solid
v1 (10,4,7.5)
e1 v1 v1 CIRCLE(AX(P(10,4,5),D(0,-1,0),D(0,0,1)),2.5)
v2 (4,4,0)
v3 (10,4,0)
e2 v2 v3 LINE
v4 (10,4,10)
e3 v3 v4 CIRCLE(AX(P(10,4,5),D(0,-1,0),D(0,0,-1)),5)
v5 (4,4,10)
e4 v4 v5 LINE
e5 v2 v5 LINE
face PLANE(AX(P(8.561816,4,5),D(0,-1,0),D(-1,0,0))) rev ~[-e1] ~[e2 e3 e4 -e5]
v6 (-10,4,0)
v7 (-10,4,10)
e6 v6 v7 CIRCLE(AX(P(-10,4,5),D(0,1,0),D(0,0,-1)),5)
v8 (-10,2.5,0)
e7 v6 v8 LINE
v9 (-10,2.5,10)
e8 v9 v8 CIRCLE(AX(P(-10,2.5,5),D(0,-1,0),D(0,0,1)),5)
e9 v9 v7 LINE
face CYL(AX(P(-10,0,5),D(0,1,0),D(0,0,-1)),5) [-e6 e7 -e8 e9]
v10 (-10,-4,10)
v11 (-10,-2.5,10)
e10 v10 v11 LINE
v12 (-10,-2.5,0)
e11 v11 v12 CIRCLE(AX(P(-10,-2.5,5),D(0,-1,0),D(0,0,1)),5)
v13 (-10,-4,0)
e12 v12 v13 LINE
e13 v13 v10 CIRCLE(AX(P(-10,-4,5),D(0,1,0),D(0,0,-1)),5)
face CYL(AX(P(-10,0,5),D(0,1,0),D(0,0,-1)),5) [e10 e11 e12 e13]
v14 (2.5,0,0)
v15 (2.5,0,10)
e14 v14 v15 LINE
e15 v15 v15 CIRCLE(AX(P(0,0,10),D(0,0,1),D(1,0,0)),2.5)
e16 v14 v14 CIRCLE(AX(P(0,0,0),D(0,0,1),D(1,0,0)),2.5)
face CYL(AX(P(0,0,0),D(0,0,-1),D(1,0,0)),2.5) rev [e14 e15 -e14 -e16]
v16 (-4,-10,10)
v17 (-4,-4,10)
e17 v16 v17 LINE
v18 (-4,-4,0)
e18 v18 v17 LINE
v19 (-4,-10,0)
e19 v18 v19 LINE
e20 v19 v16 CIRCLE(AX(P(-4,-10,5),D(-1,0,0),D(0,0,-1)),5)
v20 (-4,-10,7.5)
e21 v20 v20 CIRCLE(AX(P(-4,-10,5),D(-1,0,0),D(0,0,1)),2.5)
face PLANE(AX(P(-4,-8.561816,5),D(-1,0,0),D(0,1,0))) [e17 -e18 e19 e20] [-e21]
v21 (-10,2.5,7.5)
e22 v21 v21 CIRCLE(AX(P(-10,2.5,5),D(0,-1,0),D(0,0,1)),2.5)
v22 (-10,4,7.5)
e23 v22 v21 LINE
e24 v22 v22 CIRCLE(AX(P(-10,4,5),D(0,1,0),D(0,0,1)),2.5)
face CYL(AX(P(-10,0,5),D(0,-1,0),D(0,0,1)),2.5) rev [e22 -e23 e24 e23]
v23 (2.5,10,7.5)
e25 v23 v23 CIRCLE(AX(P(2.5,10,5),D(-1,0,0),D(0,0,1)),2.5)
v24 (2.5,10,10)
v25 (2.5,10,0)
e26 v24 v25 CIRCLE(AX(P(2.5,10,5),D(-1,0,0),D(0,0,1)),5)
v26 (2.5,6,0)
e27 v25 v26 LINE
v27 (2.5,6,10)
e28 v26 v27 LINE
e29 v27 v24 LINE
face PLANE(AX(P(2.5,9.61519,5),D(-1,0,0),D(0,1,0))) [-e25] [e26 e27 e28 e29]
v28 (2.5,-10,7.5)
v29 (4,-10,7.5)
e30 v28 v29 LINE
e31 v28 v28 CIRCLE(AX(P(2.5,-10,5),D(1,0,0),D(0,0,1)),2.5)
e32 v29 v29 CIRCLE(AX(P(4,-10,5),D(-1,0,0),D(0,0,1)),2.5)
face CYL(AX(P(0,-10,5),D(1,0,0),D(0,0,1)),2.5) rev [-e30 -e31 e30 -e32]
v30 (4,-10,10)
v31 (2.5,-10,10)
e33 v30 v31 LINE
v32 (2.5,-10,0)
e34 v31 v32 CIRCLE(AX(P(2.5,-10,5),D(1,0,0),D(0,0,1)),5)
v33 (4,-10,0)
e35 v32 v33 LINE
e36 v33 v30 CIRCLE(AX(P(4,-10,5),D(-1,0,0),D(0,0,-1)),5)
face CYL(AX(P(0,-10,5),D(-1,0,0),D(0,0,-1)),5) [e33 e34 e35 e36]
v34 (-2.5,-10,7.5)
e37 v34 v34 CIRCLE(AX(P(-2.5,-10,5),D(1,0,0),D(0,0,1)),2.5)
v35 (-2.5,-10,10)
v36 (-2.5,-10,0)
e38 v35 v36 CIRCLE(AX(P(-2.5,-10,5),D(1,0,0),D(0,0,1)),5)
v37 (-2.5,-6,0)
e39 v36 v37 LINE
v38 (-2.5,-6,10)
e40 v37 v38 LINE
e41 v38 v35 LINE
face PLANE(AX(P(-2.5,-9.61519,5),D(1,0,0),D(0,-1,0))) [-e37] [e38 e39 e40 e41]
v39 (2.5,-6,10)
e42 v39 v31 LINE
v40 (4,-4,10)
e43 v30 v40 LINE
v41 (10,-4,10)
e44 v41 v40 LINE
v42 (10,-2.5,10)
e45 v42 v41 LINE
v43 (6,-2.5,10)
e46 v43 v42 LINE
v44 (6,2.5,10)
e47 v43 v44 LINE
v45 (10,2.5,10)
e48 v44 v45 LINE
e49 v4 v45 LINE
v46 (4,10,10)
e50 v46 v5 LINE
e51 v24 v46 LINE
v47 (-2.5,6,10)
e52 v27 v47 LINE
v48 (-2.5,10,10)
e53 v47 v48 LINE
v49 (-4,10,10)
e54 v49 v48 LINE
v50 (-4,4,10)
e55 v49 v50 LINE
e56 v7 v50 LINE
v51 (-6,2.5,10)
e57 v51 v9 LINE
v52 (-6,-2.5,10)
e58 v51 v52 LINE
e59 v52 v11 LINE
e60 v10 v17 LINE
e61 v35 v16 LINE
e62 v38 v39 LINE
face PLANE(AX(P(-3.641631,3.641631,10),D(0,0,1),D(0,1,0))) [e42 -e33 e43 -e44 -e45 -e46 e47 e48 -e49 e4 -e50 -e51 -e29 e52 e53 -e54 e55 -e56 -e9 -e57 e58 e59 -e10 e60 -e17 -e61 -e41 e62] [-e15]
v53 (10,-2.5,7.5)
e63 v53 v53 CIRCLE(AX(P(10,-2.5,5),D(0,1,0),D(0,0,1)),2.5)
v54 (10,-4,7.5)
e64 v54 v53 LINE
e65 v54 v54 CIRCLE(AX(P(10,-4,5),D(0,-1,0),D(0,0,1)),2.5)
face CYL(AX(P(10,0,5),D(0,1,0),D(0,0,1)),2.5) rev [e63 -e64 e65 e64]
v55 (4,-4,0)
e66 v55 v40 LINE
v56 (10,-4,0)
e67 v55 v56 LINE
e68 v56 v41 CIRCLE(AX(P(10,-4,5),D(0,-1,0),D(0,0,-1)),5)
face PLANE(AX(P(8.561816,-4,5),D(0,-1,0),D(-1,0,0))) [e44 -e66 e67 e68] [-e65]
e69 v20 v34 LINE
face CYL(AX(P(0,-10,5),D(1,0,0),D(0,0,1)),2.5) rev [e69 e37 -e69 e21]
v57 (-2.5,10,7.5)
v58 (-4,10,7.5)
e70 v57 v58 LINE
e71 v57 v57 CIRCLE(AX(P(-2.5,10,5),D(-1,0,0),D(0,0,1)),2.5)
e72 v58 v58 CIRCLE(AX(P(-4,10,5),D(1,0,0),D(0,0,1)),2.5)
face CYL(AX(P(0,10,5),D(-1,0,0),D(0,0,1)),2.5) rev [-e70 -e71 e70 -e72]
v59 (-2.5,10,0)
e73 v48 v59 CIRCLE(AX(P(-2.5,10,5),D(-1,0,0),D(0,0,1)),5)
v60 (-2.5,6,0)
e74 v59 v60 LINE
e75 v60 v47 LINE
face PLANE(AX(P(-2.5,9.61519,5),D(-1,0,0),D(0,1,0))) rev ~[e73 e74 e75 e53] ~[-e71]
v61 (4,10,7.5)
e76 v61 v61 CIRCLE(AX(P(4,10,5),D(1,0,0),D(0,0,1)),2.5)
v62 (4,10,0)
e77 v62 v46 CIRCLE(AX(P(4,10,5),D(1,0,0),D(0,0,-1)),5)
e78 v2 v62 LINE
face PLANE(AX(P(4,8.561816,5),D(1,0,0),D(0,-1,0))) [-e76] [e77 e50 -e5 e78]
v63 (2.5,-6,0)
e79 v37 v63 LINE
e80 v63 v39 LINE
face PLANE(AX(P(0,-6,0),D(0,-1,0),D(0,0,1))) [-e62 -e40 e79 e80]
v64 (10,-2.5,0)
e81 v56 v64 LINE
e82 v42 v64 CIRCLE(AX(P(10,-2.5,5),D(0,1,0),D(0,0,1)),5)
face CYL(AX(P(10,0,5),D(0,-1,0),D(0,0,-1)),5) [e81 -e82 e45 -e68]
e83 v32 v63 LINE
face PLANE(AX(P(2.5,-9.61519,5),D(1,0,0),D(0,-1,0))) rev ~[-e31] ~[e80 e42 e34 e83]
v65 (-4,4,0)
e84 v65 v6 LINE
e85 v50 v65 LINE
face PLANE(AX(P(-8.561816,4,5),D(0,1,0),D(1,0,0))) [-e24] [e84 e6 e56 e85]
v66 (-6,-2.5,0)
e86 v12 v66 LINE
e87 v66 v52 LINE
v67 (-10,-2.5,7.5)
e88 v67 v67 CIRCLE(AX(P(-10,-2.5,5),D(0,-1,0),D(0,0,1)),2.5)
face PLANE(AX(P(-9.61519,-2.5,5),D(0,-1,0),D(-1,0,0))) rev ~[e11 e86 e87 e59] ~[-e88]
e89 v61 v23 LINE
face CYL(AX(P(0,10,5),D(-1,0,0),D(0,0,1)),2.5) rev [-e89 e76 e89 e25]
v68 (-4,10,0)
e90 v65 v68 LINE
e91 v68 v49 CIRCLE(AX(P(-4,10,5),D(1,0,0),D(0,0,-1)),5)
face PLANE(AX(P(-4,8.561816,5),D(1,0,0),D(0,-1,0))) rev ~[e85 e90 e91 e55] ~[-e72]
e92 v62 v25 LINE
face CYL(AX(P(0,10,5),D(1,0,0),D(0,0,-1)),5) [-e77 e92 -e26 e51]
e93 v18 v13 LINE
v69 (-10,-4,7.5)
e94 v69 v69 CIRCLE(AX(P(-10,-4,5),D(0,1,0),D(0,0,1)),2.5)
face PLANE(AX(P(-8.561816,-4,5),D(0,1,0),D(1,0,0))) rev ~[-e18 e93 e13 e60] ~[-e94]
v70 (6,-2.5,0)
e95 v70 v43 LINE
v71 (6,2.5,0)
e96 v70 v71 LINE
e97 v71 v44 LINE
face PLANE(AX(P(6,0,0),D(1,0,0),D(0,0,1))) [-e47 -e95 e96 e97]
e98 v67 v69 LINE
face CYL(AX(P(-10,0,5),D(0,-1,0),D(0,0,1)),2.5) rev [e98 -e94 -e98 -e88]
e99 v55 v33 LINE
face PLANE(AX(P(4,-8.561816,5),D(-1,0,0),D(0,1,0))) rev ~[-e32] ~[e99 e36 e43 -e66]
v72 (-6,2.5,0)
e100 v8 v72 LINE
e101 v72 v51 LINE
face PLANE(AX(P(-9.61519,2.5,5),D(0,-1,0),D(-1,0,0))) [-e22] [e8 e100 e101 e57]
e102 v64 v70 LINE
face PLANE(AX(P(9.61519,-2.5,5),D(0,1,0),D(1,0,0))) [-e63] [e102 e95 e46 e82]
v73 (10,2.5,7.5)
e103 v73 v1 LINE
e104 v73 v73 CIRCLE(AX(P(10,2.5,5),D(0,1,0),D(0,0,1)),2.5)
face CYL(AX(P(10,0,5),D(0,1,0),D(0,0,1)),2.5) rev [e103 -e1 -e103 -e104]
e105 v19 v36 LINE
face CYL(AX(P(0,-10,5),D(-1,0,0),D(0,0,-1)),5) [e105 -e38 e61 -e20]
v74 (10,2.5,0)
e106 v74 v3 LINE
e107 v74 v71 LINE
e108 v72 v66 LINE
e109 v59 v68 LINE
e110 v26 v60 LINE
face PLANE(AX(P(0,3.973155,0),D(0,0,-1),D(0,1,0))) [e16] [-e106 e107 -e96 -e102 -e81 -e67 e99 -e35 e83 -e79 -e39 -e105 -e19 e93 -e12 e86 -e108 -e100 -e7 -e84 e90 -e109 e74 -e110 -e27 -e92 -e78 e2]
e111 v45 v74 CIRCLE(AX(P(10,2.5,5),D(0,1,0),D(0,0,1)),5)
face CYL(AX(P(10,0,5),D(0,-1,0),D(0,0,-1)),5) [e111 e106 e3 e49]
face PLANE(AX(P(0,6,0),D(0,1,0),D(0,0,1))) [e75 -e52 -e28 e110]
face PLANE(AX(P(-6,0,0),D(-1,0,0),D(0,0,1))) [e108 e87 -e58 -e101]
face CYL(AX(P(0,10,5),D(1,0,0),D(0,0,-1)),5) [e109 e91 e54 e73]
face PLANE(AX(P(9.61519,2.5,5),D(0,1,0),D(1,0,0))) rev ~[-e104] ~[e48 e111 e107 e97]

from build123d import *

# Parameters (mm, degrees)
SKETCH_1_R               = 5
SKETCH_1_R_2             = 2.5
EXTRUDE_1_DEPTH          = 10
SKETCH_2_R               = 2.5
EXTRUDE_2_DEPTH          = 4
PATTERN_CIRCULAR_1_COUNT = 4
CUT_EXTRUDE_2_DEPTH      = 2.5
PATTERN_CIRCULAR_2_COUNT = 4
EXTRUDE_5_DEPTH          = 10
PATTERN_CIRCULAR_3_COUNT = 4


with BuildPart() as part:
    # 草图1 → 凸台-拉伸1 (new body)
    with BuildSketch(Plane.XY):
        Circle(SKETCH_1_R)
        Circle(SKETCH_1_R_2, mode=Mode.SUBTRACT)
    extrude(amount=EXTRUDE_1_DEPTH)

    # 草图2 → 凸台-拉伸2 (add, symmetric)
    with BuildSketch(Plane(origin=(0, 0, 0), x_dir=(1, 0, 0), z_dir=(0, 1, 0))):
        with BuildLine():
            Line((-5, 0), (-10, 0))
            ThreePointArc((-10, 0), (-15, -5), (-10, -10))
            Line((-10, -10), (-5, -10))
            Line((-5, -10), (-4.632725414, -10))
            Line((-4.632725414, -10), (-3.973155126, -10))
            Line((-3.973155126, -10), (-3.973155126, 0))
            Line((-3.973155126, 0), (-4.632725414, 0))
            Line((-4.632725414, 0), (-5, 0))
        make_face()
        with Locations(Location((-10, -5, 0), (0, 0, 270))):
            Circle(SKETCH_2_R, mode=Mode.SUBTRACT)
    extrude_2 = extrude(amount=EXTRUDE_2_DEPTH, both=True)

    # 阵列(圆周)1: 凸台-拉伸2 ×4 about axis
    pattern_circular_1_axis = Axis((0, 0, 0), (0, 0, 1))
    for i in range(1, PATTERN_CIRCULAR_1_COUNT):
        add(extrude_2.rotate(pattern_circular_1_axis, i * 360 / PATTERN_CIRCULAR_1_COUNT))

    # 草图4 → 切除-拉伸2 (cut, symmetric)
    with BuildSketch(Plane(origin=(0, 0, 0), x_dir=(1, 0, 0), z_dir=(0, 1, 0))):
        with BuildLine():
            Line((-10, 0), (-6, 0))
            Line((-6, 0), (-6, -10))
            Line((-6, -10), (-10, -10))
            ThreePointArc((-10, -10), (-15, -5), (-10, 0))
        make_face()
    cut_extrude_2 = extrude(amount=CUT_EXTRUDE_2_DEPTH, both=True, mode=Mode.SUBTRACT)

    # 阵列(圆周)2: 切除-拉伸2 ×4 about axis
    pattern_circular_2_axis = Axis((0, 0, 0), (0, 0, 1))
    for i in range(1, PATTERN_CIRCULAR_2_COUNT):
        add(cut_extrude_2.rotate(pattern_circular_2_axis, i * 360 / PATTERN_CIRCULAR_2_COUNT), mode=Mode.SUBTRACT)

    # 草图5 → 凸台-拉伸5 (add)
    with BuildSketch(Plane(origin=(0, 0, 0), x_dir=(-1, 0, 0), z_dir=(0, 0, -1))):
        Polygon((-3.973155126, 3.973155126), (-3.035463449, 3.973155126), (-3.973155126, 3.035463449), align=None)
    extrude_5 = extrude(amount=-EXTRUDE_5_DEPTH)

    # 阵列(圆周)3: 凸台-拉伸5 ×4 about axis
    pattern_circular_3_axis = Axis((0, 0, 0), (0, 0, -1))
    for i in range(1, PATTERN_CIRCULAR_3_COUNT):
        add(extrude_5.rotate(pattern_circular_3_axis, i * 360 / PATTERN_CIRCULAR_3_COUNT))


solid = part.part
